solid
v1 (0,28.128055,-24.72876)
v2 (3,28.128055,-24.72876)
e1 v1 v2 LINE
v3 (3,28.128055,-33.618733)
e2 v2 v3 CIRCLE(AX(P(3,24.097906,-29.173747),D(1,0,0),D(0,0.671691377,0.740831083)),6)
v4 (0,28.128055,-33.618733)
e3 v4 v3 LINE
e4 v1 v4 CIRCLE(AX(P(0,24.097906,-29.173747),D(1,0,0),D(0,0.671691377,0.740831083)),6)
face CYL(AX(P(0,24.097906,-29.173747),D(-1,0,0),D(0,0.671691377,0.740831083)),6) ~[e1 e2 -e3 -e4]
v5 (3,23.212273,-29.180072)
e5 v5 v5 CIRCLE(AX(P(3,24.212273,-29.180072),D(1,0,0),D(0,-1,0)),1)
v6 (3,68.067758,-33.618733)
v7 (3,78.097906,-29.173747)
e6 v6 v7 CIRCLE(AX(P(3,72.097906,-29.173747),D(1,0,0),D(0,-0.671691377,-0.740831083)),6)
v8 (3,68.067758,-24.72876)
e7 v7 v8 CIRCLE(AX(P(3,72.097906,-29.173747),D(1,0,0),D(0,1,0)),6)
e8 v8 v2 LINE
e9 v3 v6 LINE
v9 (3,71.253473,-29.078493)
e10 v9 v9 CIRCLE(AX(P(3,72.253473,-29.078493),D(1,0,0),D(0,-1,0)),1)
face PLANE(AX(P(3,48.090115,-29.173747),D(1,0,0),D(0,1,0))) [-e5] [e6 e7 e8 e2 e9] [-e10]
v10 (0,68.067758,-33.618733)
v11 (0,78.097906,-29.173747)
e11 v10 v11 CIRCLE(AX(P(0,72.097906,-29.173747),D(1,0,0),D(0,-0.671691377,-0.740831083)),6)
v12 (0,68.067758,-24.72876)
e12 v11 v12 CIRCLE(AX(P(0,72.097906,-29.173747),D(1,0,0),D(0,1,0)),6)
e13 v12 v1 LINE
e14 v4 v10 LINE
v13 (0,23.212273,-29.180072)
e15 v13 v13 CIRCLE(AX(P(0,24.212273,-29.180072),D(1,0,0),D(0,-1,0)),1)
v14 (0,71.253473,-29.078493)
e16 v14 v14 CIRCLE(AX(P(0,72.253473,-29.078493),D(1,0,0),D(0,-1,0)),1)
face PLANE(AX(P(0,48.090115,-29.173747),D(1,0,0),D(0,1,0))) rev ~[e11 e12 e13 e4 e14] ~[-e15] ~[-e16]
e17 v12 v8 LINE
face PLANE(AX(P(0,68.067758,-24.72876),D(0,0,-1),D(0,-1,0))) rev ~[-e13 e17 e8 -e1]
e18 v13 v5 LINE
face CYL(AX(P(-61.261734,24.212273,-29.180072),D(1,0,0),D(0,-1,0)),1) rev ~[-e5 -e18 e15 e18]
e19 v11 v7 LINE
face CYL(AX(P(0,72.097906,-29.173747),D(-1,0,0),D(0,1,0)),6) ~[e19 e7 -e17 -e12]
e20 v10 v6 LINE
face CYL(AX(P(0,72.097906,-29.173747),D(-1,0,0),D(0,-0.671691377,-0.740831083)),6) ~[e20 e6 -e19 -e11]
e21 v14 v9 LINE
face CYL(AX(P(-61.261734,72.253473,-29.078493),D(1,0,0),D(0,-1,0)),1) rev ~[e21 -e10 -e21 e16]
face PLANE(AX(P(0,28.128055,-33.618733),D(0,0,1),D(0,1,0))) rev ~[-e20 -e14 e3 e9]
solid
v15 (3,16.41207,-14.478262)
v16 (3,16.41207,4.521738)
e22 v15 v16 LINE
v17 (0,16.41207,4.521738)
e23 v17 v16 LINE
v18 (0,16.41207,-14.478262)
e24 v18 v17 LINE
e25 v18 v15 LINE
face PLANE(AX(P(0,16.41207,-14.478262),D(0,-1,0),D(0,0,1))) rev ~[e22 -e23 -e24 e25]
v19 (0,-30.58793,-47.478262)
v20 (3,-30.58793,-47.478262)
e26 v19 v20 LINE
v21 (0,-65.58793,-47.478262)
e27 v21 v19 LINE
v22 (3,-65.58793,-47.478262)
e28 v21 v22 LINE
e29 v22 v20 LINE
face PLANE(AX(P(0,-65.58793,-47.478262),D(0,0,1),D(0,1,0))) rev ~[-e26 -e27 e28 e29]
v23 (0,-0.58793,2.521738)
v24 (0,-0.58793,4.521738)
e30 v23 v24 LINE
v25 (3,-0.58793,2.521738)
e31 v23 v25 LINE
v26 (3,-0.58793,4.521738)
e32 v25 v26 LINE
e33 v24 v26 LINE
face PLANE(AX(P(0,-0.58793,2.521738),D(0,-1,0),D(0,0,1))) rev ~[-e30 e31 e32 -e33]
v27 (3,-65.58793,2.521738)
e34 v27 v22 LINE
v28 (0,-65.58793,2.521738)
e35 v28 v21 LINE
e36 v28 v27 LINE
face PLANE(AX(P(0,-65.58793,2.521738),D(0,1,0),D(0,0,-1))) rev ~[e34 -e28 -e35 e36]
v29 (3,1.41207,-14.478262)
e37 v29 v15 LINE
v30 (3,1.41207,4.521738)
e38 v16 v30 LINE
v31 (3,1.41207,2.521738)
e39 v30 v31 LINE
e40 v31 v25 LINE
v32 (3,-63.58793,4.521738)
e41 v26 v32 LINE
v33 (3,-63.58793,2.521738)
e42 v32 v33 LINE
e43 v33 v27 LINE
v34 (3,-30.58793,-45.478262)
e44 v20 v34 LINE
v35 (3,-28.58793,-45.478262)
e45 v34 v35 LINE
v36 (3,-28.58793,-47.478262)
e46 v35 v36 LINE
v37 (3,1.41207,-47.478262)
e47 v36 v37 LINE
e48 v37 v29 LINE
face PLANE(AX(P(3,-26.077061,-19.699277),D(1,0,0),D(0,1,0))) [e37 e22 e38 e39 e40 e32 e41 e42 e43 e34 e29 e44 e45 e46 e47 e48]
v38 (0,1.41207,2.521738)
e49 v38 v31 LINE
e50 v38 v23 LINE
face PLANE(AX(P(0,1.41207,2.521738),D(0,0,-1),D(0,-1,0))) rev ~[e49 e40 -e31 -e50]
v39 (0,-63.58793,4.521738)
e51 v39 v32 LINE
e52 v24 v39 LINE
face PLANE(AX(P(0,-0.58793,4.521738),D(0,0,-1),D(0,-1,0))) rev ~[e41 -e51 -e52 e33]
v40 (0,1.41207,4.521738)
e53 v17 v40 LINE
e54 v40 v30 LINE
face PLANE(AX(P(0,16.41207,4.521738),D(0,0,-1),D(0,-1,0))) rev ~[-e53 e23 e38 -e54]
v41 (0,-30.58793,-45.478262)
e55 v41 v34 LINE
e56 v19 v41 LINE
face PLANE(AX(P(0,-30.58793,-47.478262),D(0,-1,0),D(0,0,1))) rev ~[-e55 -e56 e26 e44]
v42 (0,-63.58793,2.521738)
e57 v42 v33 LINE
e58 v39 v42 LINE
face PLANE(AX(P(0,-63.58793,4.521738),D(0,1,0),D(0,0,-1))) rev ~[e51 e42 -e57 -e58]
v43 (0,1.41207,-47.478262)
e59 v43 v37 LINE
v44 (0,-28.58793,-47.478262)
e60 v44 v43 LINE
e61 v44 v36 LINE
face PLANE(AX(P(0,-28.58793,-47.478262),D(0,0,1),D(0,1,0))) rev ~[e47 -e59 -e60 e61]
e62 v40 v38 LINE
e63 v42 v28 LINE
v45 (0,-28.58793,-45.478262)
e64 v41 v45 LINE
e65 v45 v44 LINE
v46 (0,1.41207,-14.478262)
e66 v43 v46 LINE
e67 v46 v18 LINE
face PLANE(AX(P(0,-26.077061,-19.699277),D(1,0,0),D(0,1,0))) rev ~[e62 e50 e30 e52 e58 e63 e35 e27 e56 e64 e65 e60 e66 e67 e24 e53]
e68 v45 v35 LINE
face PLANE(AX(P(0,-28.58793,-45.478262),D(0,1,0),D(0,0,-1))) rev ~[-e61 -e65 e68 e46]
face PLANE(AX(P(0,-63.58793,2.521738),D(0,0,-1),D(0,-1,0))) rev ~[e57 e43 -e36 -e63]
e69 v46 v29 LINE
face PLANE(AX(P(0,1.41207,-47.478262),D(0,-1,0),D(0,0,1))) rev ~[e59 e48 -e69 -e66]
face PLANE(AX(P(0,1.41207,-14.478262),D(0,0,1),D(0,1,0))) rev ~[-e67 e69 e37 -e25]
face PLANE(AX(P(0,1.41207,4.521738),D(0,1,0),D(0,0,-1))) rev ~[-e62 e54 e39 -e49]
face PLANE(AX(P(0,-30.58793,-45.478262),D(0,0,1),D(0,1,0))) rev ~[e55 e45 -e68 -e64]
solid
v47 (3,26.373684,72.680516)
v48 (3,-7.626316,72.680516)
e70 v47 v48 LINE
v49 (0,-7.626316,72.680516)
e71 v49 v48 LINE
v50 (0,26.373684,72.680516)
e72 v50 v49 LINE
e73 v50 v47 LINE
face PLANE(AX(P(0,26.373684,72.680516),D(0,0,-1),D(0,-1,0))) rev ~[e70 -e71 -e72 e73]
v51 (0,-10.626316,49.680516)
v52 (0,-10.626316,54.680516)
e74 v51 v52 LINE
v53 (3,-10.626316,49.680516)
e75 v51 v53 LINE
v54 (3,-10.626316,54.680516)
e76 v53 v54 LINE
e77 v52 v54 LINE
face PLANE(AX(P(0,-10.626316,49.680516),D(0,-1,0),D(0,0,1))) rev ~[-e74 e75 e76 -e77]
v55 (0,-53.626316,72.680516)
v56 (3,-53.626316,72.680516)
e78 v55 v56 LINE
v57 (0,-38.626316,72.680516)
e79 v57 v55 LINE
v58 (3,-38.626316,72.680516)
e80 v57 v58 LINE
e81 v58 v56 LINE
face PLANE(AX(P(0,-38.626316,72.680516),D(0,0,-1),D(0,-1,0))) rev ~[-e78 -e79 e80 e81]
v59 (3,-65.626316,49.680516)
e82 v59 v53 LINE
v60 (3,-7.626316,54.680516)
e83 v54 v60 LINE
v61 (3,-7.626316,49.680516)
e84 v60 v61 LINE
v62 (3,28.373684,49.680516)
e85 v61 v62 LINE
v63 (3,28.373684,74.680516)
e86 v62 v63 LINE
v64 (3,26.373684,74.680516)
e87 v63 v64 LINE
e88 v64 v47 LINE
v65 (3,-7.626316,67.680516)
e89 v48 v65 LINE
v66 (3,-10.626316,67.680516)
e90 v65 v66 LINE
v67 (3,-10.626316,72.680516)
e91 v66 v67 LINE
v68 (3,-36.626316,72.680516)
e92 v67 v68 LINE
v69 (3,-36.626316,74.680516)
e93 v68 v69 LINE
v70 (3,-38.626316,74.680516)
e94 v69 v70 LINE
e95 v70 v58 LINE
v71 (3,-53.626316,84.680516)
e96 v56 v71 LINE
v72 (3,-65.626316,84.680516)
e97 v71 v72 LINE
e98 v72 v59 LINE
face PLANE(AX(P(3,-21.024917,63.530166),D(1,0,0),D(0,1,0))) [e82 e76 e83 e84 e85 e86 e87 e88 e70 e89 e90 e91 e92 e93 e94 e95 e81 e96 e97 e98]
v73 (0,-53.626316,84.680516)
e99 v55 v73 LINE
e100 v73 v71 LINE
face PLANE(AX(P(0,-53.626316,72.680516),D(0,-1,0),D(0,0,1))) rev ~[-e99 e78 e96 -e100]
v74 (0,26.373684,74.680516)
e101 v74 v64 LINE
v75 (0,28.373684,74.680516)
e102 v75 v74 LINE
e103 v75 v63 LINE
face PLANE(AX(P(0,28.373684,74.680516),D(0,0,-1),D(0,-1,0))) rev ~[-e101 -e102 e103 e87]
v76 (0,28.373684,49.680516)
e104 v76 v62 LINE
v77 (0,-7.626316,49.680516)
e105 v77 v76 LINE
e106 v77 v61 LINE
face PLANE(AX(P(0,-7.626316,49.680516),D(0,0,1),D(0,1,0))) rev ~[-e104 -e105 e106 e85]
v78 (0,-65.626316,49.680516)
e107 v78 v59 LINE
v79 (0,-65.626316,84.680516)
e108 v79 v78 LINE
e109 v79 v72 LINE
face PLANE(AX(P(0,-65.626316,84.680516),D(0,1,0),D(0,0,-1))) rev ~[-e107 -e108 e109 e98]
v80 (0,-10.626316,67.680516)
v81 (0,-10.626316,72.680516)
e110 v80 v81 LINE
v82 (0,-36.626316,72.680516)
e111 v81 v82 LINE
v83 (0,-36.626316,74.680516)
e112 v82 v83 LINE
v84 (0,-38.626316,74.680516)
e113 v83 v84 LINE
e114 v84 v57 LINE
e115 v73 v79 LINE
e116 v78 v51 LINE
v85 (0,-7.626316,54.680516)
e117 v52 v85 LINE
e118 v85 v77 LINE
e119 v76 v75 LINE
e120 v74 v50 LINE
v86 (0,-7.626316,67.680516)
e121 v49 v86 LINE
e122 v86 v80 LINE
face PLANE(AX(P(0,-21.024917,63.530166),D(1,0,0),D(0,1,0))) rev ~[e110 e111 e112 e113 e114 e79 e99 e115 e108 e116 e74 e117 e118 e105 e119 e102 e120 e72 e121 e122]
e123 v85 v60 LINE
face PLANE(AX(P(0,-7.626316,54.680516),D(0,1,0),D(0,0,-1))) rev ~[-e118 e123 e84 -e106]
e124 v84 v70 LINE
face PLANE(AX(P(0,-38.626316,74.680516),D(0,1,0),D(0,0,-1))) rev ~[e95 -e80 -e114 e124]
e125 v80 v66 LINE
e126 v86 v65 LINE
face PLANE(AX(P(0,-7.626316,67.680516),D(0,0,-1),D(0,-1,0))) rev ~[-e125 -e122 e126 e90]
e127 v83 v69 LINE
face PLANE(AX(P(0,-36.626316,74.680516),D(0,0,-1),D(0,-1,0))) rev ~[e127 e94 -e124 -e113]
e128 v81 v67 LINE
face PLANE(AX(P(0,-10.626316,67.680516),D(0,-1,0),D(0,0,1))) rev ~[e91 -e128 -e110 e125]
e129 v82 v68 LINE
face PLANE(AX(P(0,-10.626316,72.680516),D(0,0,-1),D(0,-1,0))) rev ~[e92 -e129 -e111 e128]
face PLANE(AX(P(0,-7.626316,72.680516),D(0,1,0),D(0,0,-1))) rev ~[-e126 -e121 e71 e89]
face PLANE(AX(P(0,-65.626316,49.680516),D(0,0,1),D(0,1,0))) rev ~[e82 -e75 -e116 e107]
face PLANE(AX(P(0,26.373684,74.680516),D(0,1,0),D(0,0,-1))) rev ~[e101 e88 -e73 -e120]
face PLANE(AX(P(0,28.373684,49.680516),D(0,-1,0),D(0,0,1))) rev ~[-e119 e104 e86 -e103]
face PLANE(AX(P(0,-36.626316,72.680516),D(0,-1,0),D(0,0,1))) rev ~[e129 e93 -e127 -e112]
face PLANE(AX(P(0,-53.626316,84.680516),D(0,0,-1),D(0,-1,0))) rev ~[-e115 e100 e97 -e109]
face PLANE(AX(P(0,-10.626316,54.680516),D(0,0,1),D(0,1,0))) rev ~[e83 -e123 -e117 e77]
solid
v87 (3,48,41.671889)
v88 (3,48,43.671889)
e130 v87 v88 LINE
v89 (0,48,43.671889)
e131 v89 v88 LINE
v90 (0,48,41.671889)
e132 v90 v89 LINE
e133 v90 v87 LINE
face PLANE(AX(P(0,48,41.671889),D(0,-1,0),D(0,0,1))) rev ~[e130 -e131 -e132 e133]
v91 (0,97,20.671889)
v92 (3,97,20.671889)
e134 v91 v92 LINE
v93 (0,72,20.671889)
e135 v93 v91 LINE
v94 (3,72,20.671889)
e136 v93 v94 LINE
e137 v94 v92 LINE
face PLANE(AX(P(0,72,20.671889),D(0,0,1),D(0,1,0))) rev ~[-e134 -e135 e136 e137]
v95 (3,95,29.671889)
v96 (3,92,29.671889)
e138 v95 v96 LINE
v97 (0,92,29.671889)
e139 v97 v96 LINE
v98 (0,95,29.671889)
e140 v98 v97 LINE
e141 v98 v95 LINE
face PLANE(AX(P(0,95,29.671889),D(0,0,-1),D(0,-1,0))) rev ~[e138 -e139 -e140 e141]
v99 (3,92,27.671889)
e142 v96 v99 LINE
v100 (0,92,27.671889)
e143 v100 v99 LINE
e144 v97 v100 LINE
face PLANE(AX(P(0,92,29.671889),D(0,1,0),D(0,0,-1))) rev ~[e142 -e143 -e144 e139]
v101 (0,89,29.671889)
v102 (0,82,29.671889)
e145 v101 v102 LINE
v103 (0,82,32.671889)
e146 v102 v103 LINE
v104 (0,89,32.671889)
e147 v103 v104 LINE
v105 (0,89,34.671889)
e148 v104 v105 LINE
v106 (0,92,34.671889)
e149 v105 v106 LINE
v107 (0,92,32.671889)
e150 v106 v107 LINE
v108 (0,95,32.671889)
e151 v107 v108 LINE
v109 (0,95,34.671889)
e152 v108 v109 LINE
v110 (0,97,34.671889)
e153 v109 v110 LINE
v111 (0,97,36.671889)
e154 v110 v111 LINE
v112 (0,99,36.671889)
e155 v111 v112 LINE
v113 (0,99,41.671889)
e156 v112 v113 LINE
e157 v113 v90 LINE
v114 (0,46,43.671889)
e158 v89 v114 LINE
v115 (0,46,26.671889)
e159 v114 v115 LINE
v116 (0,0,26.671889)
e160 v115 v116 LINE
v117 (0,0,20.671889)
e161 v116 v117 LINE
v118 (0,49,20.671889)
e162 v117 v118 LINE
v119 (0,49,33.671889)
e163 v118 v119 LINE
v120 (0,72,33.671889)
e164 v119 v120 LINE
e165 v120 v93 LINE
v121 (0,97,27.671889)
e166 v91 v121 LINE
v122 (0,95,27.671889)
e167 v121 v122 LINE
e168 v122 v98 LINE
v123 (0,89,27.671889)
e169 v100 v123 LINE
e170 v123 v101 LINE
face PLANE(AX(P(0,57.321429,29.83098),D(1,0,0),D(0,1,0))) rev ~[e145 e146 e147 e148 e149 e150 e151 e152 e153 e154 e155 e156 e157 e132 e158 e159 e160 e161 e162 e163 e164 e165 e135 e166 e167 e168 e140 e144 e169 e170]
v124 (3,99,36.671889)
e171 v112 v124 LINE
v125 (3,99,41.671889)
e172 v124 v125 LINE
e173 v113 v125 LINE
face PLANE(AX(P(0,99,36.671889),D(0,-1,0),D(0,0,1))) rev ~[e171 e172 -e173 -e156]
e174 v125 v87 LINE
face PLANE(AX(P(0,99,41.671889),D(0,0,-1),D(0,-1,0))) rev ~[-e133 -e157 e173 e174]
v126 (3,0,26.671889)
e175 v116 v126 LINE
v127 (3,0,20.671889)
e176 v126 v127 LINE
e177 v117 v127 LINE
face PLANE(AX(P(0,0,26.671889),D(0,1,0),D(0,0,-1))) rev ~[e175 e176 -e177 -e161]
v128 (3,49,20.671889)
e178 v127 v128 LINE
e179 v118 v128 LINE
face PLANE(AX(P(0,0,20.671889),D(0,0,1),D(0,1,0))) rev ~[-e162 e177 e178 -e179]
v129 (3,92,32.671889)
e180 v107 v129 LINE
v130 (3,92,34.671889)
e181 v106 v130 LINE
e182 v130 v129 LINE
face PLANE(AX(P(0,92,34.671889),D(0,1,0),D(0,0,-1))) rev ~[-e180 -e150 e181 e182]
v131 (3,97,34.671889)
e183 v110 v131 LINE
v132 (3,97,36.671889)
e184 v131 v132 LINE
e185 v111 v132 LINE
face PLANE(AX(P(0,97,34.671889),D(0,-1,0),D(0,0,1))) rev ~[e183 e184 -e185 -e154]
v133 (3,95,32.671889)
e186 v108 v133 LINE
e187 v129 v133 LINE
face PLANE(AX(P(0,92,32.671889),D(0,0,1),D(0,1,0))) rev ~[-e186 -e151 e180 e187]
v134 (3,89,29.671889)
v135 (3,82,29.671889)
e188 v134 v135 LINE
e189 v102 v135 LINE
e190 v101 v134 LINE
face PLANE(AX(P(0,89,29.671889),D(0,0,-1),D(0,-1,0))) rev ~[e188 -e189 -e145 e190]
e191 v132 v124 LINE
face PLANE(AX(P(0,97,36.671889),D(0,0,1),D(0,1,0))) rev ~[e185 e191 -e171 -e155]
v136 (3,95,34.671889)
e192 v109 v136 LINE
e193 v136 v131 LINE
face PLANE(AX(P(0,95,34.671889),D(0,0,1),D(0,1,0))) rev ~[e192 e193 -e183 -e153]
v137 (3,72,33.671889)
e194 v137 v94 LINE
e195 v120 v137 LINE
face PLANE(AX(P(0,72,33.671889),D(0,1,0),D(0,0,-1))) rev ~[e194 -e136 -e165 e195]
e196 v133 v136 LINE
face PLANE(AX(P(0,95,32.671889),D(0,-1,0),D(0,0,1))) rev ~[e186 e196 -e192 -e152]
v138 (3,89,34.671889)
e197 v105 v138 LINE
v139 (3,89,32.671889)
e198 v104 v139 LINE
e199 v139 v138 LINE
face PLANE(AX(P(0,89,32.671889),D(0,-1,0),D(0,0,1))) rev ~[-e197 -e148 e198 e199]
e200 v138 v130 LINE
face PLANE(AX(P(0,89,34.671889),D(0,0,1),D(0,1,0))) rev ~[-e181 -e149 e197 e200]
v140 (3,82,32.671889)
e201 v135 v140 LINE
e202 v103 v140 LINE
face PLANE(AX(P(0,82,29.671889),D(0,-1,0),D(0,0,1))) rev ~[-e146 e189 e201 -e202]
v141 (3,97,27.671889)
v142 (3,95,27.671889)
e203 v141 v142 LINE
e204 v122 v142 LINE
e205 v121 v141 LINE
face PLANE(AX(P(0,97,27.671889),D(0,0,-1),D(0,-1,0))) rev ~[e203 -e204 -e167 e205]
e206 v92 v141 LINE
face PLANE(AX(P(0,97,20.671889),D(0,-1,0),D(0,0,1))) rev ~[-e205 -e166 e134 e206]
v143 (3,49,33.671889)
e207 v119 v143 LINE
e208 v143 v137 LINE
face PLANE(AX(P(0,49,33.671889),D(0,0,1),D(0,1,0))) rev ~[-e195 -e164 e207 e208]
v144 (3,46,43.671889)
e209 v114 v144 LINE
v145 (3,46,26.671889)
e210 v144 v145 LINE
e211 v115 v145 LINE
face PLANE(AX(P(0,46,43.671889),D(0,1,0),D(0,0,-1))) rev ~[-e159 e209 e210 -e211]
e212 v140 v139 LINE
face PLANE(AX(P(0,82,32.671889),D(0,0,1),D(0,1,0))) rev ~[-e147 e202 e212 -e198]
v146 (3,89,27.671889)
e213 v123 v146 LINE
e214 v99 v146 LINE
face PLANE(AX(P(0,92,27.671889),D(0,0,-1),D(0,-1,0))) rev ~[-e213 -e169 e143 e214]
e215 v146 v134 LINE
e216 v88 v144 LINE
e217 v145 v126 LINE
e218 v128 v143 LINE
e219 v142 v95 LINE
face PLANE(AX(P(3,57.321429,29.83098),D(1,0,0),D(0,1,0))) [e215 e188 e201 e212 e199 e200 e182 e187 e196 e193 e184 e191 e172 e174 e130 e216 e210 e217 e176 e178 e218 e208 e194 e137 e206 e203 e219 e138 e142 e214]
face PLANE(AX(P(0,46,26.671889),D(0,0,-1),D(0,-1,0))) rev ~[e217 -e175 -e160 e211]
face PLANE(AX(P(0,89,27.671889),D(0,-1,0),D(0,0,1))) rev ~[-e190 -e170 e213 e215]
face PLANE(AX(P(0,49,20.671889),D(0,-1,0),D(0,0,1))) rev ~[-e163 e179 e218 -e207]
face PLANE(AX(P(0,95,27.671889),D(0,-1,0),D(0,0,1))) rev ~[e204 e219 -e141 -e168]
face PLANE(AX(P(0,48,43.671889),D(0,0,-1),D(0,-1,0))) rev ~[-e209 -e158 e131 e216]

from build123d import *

# Parameters (mm, degrees)
F1_DEPTH = 3
F3_DEPTH = 3
F6_DEPTH = 3
F5_R     = 1
F7_DEPTH = 3
F9_D     = 2
F11_D    = 2


with BuildPart() as f1:
    # F0 (on Right) → F1 (new body)
    with BuildSketch(Plane.YZ):
        Polygon((-65.5879303813, 2.5217376649), (-65.5879303813, -47.4782623351), (-30.5879303813, -47.4782623351), (-30.5879303813, -45.4782623351), (-28.5879303813, -45.4782623351), (-28.5879303813, -47.4782623351), (1.4120696187, -47.4782623351), (1.4120696187, -14.4782623351), (16.4120696187, -14.4782623351), (16.4120696187, 4.5217376649), (1.4120696187, 4.5217376649), (1.4120696187, 2.5217376649), (-0.5879303813, 2.5217376649), (-0.5879303813, 4.5217376649), (-63.5879303813, 4.5217376649), (-63.5879303813, 2.5217376649), align=None)
    extrude(amount=F1_DEPTH)


with BuildPart() as f3:
    # F2 (on Right) → F3 (new body)
    with BuildSketch(Plane.YZ):
        Polygon((-65.6263157725, 84.6805161238), (-65.6263157725, 49.6805161238), (-10.6263157725, 49.6805161238), (-10.6263157725, 54.6805161238), (-7.6263157725, 54.6805161238), (-7.6263157725, 49.6805161238), (28.3736842275, 49.6805161238), (28.3736842275, 74.6805161238), (26.3736842275, 74.6805161238), (26.3736842275, 72.6805161238), (-7.6263157725, 72.6805161238), (-7.6263157725, 67.6805161238), (-10.6263157725, 67.6805161238), (-10.6263157725, 72.6805161238), (-36.6263157725, 72.6805161238), (-36.6263157725, 74.6805161238), (-38.6263157725, 74.6805161238), (-38.6263157725, 72.6805161238), (-53.6263157725, 72.6805161238), (-53.6263157725, 84.6805161238), align=None)
    extrude(amount=F3_DEPTH)


with BuildPart() as f6:
    # F4 (on Right) → F6 (new body)
    with BuildSketch(Plane.YZ):
        Polygon((46, 26.6718891859), (0, 26.6718891859), (0, 20.6718891859), (49, 20.6718891859), (49, 33.6718891859), (72, 33.6718891859), (72, 20.6718891859), (97, 20.6718891859), (97, 27.6718891859), (95, 27.6718891859), (95, 29.6718891859), (92, 29.6718891859), (92, 27.6718891859), (89, 27.6718891859), (89, 29.6718891859), (82, 29.6718891859), (82, 32.6718891859), (89, 32.6718891859), (89, 34.6718891859), (92, 34.6718891859), (92, 32.6718891859), (95, 32.6718891859), (95, 34.6718891859), (97, 34.6718891859), (97, 36.6718891859), (99, 36.6718891859), (99, 41.6718891859), (48, 41.6718891859), (48, 43.6718891859), (46, 43.6718891859), align=None)
    extrude(amount=F6_DEPTH)


with BuildPart() as f7:
    # F5 (on Right) → F7 (new body)
    with BuildSketch(Plane.YZ):
        with BuildLine():
            ThreePointArc((28.1280546868, -24.7287602043), (29.5833822285, -26.7427890303), (30.0979064256, -29.1737467051))
            ThreePointArc((30.0979064256, -29.1737467051), (29.5833822285, -31.6047043798), (28.1280546868, -33.6187332059))
            Line((28.1280546868, -33.6187332059), (68.0677581643, -33.6187332059))
            ThreePointArc((68.0677581643, -33.6187332059), (66.0979064256, -29.1737467051), (68.0677581643, -24.7287602043))
            Line((68.0677581643, -24.7287602043), (28.1280546868, -24.7287602043))
        make_face()
        with BuildLine():
            ThreePointArc((78.0979064256, -29.1737467051), (74.5288641003, -23.6882709022), (68.0677581643, -24.7287602043))
            ThreePointArc((68.0677581643, -24.7287602043), (66.0979064256, -29.1737467051), (68.0677581643, -33.6187332059))
            ThreePointArc((68.0677581643, -33.6187332059), (74.5288641003, -34.6592225079), (78.0979064256, -29.1737467051))
        make_face()
        with Locations((72.0979064256, -29.1737467051)):
            Circle(F5_R, mode=Mode.SUBTRACT)
        with BuildLine():
            ThreePointArc((28.1280546868, -33.6187332059), (29.5833822285, -31.6047043798), (30.0979064256, -29.1737467051))
            ThreePointArc((30.0979064256, -29.1737467051), (29.5833822285, -26.7427890303), (28.1280546868, -24.7287602043))
            ThreePointArc((28.1280546868, -24.7287602043), (18.0979064256, -29.1737467051), (28.1280546868, -33.6187332059))
        make_face()
        with Locations((24.0979064256, -29.1737467051)):
            Circle(F5_R, mode=Mode.SUBTRACT)
        with Locations((72.0979064256, -29.1737467051)):
            Circle(F5_R)
        with Locations((24.0979064256, -29.1737467051)):
            Circle(F5_R)
    extrude(amount=F7_DEPTH)

    # F9 (through all)
    with Locations(Plane(origin=(0, 0, 0), x_dir=(0, 1, 0), z_dir=(-1, 0, 0))):
        with Locations((24.2122728378, 29.180072248)):
            Hole(F9_D / 2)

    # F11 (through all)
    with Locations(Plane(origin=(0, 0, 0), x_dir=(0, 1, 0), z_dir=(-1, 0, 0))):
        with Locations((72.253473103, 29.0784928948)):
            Hole(F11_D / 2)


solid = Compound([f1.part, f3.part, f6.part, f7.part])
